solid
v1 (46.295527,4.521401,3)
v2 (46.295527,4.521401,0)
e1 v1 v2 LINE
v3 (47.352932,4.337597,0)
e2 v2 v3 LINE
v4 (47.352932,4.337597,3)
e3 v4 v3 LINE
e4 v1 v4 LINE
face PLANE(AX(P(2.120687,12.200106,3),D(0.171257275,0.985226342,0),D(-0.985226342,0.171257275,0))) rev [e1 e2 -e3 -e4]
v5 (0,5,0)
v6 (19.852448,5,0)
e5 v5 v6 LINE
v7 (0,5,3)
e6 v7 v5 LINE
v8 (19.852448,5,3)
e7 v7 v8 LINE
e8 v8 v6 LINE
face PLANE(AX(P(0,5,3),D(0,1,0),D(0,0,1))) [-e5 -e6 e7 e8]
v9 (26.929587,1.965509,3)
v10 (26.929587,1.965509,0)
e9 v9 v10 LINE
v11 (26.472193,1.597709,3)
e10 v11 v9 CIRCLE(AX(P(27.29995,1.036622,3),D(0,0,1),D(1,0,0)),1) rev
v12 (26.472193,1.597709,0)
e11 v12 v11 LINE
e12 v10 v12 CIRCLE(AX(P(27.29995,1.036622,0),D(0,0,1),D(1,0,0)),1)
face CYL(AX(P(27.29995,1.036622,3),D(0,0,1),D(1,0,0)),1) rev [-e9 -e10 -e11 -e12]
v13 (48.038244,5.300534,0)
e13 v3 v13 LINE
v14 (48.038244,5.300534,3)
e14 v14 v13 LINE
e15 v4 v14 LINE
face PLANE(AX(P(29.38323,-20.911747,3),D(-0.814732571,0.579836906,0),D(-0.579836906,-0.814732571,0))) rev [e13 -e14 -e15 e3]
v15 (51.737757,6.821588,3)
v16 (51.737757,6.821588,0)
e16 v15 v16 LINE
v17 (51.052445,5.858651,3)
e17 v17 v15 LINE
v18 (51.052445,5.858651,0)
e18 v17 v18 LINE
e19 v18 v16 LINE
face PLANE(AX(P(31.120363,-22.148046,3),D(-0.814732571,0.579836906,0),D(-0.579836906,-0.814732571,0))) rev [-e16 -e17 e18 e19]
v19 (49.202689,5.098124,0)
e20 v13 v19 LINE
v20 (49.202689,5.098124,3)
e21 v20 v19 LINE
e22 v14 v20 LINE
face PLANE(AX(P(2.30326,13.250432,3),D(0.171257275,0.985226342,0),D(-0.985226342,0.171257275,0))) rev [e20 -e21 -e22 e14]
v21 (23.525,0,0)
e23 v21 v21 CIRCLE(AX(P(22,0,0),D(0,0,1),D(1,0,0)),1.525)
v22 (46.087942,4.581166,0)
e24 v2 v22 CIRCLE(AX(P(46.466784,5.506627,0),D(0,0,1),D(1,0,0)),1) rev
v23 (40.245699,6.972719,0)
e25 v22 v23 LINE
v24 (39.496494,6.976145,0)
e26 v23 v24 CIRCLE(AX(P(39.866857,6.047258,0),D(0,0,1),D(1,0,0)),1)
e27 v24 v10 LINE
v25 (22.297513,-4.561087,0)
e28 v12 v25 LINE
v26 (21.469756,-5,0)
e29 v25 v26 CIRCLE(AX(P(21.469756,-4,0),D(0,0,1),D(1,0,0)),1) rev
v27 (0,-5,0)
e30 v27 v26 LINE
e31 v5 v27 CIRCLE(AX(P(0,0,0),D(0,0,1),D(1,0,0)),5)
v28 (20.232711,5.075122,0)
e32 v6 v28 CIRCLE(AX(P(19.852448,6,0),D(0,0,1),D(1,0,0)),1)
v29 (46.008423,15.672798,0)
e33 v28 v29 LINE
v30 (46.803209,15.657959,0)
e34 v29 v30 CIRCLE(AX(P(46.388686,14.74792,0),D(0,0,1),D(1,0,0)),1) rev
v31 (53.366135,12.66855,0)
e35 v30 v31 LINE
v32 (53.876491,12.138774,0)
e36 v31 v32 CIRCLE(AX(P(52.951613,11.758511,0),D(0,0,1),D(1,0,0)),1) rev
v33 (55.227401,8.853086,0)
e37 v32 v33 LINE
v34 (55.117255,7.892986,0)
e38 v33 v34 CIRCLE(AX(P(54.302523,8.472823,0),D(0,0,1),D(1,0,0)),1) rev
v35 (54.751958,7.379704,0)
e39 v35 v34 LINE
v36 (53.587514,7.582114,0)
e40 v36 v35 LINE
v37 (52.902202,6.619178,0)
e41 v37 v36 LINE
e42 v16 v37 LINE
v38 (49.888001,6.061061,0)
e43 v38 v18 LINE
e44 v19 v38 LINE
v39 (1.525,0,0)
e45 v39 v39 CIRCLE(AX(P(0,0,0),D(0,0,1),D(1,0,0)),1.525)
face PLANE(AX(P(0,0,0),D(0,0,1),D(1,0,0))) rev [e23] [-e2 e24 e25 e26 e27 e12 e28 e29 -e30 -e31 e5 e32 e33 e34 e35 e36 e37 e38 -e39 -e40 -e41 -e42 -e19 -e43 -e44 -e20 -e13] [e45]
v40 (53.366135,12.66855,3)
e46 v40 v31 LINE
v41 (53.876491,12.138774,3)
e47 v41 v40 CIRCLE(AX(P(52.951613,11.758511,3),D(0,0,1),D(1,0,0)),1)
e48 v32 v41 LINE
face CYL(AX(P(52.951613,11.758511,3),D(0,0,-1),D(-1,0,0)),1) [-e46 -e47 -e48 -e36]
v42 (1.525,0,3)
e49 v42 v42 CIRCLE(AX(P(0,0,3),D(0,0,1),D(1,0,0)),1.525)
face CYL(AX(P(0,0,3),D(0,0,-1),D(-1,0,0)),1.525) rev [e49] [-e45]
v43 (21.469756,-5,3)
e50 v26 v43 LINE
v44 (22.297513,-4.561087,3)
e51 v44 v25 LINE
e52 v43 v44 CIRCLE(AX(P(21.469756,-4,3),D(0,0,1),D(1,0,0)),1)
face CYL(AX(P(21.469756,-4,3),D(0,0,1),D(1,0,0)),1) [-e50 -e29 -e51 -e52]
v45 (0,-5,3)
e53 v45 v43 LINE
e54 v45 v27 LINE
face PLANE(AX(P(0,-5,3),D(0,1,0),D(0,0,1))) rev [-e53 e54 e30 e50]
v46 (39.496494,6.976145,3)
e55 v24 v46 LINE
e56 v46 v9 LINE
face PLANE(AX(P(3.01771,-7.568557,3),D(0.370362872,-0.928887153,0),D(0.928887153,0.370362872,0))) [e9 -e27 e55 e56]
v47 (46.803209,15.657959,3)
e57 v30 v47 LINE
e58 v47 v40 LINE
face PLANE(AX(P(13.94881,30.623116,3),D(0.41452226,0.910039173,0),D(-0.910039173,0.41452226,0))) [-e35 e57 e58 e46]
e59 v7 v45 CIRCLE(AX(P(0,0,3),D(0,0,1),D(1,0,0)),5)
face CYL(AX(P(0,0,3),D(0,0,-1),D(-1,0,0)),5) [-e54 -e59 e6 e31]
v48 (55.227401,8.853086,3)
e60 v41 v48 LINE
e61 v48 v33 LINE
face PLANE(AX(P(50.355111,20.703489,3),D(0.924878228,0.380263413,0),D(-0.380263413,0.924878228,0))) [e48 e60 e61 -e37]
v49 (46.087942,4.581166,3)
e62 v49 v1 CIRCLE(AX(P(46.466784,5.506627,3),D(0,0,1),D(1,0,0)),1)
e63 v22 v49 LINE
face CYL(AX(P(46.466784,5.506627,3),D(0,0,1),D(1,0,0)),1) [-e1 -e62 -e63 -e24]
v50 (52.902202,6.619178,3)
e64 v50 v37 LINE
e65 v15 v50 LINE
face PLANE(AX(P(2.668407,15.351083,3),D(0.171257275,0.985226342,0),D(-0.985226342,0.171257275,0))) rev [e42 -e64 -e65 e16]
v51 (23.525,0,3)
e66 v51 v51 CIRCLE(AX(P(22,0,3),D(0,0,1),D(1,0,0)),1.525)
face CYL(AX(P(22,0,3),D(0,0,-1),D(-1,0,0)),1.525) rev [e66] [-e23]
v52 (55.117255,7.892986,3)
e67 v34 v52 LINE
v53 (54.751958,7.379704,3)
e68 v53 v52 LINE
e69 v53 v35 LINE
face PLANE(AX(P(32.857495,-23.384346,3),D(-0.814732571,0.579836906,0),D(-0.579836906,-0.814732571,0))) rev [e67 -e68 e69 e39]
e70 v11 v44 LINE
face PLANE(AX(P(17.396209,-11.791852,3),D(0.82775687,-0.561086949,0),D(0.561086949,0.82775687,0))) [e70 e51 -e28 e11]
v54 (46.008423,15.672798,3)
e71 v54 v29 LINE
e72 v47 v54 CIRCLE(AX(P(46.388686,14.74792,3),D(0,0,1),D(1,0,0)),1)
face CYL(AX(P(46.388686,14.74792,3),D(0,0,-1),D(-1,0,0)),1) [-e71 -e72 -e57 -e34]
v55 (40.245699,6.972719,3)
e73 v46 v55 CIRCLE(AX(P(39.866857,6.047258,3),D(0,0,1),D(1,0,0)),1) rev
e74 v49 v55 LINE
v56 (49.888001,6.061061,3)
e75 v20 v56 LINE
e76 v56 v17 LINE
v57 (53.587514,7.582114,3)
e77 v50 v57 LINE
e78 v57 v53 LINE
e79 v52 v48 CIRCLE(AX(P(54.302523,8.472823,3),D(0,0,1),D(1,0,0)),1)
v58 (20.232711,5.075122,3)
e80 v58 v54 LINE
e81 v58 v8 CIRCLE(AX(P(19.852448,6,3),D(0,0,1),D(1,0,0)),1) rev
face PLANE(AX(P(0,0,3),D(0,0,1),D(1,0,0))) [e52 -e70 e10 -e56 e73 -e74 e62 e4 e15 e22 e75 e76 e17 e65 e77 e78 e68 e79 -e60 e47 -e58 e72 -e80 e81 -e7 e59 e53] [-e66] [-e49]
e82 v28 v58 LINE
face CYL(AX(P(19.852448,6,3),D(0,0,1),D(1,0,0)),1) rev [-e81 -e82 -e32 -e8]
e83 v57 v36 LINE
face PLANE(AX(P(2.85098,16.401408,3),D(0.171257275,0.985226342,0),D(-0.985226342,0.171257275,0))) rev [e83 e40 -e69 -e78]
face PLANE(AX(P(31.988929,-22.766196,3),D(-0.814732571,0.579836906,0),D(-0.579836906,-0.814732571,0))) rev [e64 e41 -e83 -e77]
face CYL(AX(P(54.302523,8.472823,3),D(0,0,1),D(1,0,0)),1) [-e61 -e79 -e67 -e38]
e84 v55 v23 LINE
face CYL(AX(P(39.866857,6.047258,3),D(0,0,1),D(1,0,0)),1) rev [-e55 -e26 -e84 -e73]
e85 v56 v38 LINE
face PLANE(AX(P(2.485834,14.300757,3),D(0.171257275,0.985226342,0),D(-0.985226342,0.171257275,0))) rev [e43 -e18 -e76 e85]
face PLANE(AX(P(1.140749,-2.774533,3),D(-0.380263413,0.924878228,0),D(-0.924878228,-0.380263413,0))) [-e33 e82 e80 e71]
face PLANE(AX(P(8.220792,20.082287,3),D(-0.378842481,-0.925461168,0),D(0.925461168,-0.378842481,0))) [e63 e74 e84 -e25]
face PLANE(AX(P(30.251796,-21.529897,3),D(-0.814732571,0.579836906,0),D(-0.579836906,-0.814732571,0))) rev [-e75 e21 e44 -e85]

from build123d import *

# Parameters (mm, degrees)
SKETCH1_R           = 1.525
BOSS_EXTRUDE1_DEPTH = 3
FILLET1_R           = 1


with BuildPart() as part:
    # Sketch1 → Boss-Extrude1 (new body)
    # profile 1 of 2: a face of its own
    with BuildSketch(Plane.XY):
        with BuildLine():
            Line((20.05, 5), (0, 5))
            ThreePointArc((0, 5), (-5, 0), (0, -5))
            Line((0, -5), (22, -5))
            Line((22, -5), (26.644435765, 1.851814361))
            ThreePointArc((26.644435765, 1.851814361), (24.805434743, 4.138784351), (22, 5))
            Line((22, 5), (20.05, 5))
        make_face()
        Circle(SKETCH1_R, mode=Mode.SUBTRACT)
        with Locations((22, 0)):
            Circle(SKETCH1_R, mode=Mode.SUBTRACT)
    # profile 2 of 2: a face of its own
    with BuildSketch(Plane.XY):
        with BuildLine():
            Line((46.409029503, 15.837507263), (20.05, 5))
            Line((20.05, 5), (22, 5))
            ThreePointArc((22, 5), (24.805434743, 4.138784351), (26.644435765, 1.851814361))
            Line((26.644435765, 1.851814361), (39.871788822, 7.125781662))
            Line((39.871788822, 7.125781662), (46.188488025, 4.540007042))
            Line((46.188488025, 4.540007042), (47.352932204, 4.337597171))
            Line((47.352932204, 4.337597171), (48.038244482, 5.300533868))
            Line((48.038244482, 5.300533868), (49.20268866, 5.098123997))
            Line((49.20268866, 5.098123997), (49.888000938, 6.061060693))
            Line((49.888000938, 6.061060693), (51.052445116, 5.858650822))
            Line((51.052445116, 5.858650822), (51.737757394, 6.821587519))
            Line((51.737757394, 6.821587519), (52.902201573, 6.619177648))
            Line((52.902201573, 6.619177648), (53.587513851, 7.582114344))
            Line((53.587513851, 7.582114344), (54.751958029, 7.379704473))
            Line((54.751958029, 7.379704473), (55.437270307, 8.34264117))
            Line((55.437270307, 8.34264117), (53.72608495, 12.504593197))
            Line((53.72608495, 12.504593197), (46.409029503, 15.837507263))
        make_face()
    extrude(amount=BOSS_EXTRUDE1_DEPTH)

    # Fillet1
    fillet1_edges = [part.edges().sort_by_distance(p)[0] for p in [
        (22, -5, 1.5),
        (20.05, 5, 1.5),
        (46.409029503, 15.837507263, 1.5),
        (53.72608495, 12.504593197, 1.5),
        (55.437270307, 8.34264117, 1.5),
        (46.188488025, 4.540007042, 1.5),
        (39.871788822, 7.125781662, 1.5),
        (26.644435765, 1.851814361, 1.5),
    ]]
    fillet(fillet1_edges, radius=FILLET1_R)


solid = part.part
